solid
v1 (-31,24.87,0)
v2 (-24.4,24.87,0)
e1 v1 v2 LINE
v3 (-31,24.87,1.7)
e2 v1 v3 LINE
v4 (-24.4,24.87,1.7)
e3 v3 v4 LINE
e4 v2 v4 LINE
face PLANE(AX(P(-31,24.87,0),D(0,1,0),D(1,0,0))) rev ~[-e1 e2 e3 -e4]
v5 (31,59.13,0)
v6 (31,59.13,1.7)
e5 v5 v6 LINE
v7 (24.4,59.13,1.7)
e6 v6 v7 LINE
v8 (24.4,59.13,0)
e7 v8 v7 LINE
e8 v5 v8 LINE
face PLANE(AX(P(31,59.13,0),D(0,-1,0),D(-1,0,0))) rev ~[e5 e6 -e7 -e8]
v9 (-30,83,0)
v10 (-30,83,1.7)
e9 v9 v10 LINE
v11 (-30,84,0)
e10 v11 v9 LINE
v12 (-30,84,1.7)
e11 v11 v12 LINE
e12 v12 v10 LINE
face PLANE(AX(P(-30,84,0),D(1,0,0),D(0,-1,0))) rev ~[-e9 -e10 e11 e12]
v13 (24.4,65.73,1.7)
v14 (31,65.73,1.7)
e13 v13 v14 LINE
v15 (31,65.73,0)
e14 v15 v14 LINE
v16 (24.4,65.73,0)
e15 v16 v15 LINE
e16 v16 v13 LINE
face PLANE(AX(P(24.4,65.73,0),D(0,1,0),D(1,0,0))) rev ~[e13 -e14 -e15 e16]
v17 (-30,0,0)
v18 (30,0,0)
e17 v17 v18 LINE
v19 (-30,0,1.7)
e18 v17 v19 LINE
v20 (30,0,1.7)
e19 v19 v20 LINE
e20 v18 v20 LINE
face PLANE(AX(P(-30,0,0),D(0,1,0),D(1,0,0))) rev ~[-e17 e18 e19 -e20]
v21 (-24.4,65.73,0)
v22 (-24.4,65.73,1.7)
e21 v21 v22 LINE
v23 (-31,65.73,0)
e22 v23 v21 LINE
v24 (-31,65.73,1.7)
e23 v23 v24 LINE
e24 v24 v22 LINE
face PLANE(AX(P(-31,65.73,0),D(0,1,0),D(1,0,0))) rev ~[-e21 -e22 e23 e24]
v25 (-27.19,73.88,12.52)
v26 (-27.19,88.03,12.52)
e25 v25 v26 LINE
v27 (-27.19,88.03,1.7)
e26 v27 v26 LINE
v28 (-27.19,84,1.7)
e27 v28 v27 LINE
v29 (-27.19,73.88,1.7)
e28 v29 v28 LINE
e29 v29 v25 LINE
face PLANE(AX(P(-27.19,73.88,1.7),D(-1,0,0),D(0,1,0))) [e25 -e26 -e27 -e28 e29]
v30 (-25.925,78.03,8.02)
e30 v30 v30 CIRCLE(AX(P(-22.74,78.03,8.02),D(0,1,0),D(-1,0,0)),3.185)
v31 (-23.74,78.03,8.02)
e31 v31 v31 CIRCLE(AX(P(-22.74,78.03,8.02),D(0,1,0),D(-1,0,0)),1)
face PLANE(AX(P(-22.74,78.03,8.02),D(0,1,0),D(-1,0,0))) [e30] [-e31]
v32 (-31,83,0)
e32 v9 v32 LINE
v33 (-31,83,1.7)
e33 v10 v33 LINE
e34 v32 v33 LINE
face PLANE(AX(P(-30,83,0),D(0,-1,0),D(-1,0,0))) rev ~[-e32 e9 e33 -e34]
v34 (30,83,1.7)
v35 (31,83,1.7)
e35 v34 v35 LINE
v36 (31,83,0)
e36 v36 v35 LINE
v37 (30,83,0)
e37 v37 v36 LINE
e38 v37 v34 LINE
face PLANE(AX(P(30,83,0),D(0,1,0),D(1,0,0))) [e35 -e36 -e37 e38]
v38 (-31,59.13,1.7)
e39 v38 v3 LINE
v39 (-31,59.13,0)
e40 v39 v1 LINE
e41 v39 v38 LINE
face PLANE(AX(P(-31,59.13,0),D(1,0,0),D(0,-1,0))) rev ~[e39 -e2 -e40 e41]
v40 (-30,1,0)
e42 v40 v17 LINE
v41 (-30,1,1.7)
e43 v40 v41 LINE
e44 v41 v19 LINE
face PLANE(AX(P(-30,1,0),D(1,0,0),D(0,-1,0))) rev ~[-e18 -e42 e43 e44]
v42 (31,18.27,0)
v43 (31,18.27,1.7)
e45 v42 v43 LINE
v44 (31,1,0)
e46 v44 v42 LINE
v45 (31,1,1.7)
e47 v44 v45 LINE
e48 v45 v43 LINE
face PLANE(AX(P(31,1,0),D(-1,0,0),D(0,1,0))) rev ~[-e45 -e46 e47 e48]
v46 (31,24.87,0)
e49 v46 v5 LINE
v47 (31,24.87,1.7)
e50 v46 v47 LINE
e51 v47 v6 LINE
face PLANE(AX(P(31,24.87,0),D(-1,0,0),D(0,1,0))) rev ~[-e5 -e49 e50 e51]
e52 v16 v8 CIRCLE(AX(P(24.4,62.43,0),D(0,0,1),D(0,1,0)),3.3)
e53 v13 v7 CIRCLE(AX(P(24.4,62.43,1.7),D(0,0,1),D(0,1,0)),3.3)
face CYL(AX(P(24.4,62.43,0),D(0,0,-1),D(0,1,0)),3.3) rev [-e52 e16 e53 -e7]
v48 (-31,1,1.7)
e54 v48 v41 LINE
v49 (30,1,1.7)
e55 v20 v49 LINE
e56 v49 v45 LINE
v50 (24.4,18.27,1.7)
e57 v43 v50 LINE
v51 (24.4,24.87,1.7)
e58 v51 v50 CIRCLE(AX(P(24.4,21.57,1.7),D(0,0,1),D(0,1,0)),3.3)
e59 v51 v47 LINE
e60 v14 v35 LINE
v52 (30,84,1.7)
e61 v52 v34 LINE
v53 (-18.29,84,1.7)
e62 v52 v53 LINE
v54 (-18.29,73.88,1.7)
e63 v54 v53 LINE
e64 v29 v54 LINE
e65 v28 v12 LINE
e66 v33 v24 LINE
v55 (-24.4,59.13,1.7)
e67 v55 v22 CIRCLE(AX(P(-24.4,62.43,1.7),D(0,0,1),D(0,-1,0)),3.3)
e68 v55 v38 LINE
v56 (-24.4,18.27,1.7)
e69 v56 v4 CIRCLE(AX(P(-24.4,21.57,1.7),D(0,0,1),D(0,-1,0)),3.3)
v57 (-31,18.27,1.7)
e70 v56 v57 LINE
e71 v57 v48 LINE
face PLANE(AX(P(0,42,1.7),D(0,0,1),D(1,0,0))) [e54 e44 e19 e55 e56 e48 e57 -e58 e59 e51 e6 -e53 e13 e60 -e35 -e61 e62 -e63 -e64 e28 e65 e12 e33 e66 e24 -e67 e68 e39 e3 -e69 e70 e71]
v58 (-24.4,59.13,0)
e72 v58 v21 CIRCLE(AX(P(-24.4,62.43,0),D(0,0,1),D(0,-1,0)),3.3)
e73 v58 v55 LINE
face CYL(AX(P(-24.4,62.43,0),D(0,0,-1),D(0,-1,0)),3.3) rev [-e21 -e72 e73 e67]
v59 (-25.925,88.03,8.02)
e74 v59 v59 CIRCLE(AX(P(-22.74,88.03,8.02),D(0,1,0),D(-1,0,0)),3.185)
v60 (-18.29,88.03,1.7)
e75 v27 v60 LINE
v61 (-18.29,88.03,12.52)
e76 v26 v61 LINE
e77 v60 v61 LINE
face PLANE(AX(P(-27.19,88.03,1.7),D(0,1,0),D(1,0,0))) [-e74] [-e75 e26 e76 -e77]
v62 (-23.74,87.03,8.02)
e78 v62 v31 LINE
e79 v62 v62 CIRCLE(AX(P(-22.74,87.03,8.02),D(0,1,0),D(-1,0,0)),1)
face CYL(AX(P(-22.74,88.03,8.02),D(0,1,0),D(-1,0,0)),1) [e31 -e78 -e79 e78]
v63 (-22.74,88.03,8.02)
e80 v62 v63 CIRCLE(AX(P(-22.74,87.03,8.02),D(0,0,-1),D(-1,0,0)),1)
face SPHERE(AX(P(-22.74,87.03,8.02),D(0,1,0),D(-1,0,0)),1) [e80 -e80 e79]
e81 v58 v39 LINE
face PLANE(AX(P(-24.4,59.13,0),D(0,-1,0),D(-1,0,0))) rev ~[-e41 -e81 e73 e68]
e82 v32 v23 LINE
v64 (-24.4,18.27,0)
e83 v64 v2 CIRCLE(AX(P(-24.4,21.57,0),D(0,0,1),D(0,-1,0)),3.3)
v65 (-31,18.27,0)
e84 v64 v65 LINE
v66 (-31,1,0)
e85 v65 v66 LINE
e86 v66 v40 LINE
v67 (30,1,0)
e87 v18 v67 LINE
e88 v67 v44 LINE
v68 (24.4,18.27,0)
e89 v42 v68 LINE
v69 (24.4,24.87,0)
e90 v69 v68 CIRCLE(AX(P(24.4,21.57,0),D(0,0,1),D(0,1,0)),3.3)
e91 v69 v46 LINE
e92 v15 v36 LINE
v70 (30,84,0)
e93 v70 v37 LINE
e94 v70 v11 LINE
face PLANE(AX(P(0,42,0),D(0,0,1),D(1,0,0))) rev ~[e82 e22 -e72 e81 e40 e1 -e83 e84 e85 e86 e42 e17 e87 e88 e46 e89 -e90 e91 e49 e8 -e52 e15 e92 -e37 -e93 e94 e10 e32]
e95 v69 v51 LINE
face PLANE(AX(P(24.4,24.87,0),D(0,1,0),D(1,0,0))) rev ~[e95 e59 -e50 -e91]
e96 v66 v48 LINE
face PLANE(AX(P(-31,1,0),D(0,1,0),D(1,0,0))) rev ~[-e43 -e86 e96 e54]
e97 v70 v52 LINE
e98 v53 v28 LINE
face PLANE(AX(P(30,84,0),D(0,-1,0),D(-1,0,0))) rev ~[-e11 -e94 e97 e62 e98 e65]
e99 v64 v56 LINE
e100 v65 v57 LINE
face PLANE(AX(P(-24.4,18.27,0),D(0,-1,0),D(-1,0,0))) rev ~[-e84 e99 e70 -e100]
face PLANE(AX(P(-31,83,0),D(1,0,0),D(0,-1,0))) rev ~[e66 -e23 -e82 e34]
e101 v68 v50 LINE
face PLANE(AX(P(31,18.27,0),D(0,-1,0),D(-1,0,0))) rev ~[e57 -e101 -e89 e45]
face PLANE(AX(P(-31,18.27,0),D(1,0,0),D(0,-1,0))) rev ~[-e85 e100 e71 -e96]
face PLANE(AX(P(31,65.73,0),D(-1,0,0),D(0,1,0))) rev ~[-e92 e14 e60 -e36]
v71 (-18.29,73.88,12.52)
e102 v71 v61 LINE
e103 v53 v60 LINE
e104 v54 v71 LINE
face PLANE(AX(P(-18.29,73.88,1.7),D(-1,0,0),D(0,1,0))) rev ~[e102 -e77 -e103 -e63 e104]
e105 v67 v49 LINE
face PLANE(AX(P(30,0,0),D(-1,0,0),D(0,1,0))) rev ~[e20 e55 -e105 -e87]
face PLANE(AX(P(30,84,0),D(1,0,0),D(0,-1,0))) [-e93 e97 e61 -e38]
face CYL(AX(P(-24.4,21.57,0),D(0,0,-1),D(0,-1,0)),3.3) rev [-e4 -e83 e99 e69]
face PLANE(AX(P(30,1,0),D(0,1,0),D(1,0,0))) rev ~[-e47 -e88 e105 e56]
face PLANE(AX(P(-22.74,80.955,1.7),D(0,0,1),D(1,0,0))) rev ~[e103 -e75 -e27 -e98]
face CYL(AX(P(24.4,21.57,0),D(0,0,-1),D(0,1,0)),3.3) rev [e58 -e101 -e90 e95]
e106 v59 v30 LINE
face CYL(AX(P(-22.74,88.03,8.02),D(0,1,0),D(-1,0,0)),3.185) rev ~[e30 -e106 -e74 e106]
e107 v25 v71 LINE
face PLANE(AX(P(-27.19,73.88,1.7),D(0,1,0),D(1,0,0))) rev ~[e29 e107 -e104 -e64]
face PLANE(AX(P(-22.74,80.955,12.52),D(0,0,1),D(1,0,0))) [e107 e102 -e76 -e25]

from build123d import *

# Parameters (mm, degrees)
PAD_DEPTH       = 1.7
SKETCH001_W     = 8.9
SKETCH001_H     = 14.15
PAD010_DEPTH    = 10.82
SKETCH021_R     = 3.185
SKETCH021_R_2   = 1
POCKET010_DEPTH = 10
FILLET014_R     = 1


with BuildPart() as part:
    # Sketch → Pad (new body)
    with BuildSketch(Plane.XY):
        with BuildLine():
            Line((0, 0), (30, 0))
            Line((30, 0), (30, 1))
            Line((30, 1), (31, 1))
            Line((31, 1), (31, 18.27))
            Line((31, 18.27), (24.4, 18.27))
            ThreePointArc((24.4, 24.87), (21.1, 21.57), (24.4, 18.27))
            Line((24.4, 24.87), (31, 24.87))
            Line((31, 24.87), (31, 59.13))
            Line((31, 59.13), (24.4, 59.13))
            ThreePointArc((24.4, 65.73), (21.1, 62.43), (24.4, 59.13))
            Line((24.4, 65.73), (31, 65.73))
            Line((31, 65.73), (31, 83))
            Line((30, 83), (31, 83))
            Line((30, 84), (30, 83))
            Line((30, 84), (0, 84))
            Line((0, 84), (-30, 84))
            Line((-30, 84), (-30, 83))
            Line((-30, 83), (-31, 83))
            Line((-31, 83), (-31, 65.73))
            Line((-31, 65.73), (-24.4, 65.73))
            ThreePointArc((-24.4, 59.13), (-21.1, 62.43), (-24.4, 65.73))
            Line((-24.4, 59.13), (-31, 59.13))
            Line((-31, 59.13), (-31, 24.87))
            Line((-31, 24.87), (-24.4, 24.87))
            ThreePointArc((-24.4, 18.27), (-21.1, 21.57), (-24.4, 24.87))
            Line((-24.4, 18.27), (-31, 18.27))
            Line((-31, 18.27), (-31, 1))
            Line((-31, 1), (-30, 1))
            Line((-30, 1), (-30, 0))
            Line((-30, 0), (0, 0))
        make_face()
    extrude(amount=PAD_DEPTH)

    # Sketch001 → Pad010 (new body)
    with BuildSketch(Plane.XY.offset(1.7)):
        with Locations((-22.74, 80.955)):
            Rectangle(SKETCH001_W, SKETCH001_H)
    extrude(amount=PAD010_DEPTH)

    # Sketch021 → Pocket010 (cut)
    with BuildSketch(Plane(origin=(0, 88.03, 0), x_dir=(-1, 0, 0), z_dir=(0, 1, 0))):
        with Locations((22.74, 8.02)):
            Circle(SKETCH021_R)
        with Locations((22.74, 8.02)):
            Circle(SKETCH021_R_2, mode=Mode.SUBTRACT)
    extrude(amount=-POCKET010_DEPTH, mode=Mode.SUBTRACT)

    # Fillet014
    fillet014_edges = [part.edges().sort_by_distance(p)[0] for p in [
        (-21.74, 88.03, 8.02),
    ]]
    fillet(fillet014_edges, radius=FILLET014_R)


solid = part.part
